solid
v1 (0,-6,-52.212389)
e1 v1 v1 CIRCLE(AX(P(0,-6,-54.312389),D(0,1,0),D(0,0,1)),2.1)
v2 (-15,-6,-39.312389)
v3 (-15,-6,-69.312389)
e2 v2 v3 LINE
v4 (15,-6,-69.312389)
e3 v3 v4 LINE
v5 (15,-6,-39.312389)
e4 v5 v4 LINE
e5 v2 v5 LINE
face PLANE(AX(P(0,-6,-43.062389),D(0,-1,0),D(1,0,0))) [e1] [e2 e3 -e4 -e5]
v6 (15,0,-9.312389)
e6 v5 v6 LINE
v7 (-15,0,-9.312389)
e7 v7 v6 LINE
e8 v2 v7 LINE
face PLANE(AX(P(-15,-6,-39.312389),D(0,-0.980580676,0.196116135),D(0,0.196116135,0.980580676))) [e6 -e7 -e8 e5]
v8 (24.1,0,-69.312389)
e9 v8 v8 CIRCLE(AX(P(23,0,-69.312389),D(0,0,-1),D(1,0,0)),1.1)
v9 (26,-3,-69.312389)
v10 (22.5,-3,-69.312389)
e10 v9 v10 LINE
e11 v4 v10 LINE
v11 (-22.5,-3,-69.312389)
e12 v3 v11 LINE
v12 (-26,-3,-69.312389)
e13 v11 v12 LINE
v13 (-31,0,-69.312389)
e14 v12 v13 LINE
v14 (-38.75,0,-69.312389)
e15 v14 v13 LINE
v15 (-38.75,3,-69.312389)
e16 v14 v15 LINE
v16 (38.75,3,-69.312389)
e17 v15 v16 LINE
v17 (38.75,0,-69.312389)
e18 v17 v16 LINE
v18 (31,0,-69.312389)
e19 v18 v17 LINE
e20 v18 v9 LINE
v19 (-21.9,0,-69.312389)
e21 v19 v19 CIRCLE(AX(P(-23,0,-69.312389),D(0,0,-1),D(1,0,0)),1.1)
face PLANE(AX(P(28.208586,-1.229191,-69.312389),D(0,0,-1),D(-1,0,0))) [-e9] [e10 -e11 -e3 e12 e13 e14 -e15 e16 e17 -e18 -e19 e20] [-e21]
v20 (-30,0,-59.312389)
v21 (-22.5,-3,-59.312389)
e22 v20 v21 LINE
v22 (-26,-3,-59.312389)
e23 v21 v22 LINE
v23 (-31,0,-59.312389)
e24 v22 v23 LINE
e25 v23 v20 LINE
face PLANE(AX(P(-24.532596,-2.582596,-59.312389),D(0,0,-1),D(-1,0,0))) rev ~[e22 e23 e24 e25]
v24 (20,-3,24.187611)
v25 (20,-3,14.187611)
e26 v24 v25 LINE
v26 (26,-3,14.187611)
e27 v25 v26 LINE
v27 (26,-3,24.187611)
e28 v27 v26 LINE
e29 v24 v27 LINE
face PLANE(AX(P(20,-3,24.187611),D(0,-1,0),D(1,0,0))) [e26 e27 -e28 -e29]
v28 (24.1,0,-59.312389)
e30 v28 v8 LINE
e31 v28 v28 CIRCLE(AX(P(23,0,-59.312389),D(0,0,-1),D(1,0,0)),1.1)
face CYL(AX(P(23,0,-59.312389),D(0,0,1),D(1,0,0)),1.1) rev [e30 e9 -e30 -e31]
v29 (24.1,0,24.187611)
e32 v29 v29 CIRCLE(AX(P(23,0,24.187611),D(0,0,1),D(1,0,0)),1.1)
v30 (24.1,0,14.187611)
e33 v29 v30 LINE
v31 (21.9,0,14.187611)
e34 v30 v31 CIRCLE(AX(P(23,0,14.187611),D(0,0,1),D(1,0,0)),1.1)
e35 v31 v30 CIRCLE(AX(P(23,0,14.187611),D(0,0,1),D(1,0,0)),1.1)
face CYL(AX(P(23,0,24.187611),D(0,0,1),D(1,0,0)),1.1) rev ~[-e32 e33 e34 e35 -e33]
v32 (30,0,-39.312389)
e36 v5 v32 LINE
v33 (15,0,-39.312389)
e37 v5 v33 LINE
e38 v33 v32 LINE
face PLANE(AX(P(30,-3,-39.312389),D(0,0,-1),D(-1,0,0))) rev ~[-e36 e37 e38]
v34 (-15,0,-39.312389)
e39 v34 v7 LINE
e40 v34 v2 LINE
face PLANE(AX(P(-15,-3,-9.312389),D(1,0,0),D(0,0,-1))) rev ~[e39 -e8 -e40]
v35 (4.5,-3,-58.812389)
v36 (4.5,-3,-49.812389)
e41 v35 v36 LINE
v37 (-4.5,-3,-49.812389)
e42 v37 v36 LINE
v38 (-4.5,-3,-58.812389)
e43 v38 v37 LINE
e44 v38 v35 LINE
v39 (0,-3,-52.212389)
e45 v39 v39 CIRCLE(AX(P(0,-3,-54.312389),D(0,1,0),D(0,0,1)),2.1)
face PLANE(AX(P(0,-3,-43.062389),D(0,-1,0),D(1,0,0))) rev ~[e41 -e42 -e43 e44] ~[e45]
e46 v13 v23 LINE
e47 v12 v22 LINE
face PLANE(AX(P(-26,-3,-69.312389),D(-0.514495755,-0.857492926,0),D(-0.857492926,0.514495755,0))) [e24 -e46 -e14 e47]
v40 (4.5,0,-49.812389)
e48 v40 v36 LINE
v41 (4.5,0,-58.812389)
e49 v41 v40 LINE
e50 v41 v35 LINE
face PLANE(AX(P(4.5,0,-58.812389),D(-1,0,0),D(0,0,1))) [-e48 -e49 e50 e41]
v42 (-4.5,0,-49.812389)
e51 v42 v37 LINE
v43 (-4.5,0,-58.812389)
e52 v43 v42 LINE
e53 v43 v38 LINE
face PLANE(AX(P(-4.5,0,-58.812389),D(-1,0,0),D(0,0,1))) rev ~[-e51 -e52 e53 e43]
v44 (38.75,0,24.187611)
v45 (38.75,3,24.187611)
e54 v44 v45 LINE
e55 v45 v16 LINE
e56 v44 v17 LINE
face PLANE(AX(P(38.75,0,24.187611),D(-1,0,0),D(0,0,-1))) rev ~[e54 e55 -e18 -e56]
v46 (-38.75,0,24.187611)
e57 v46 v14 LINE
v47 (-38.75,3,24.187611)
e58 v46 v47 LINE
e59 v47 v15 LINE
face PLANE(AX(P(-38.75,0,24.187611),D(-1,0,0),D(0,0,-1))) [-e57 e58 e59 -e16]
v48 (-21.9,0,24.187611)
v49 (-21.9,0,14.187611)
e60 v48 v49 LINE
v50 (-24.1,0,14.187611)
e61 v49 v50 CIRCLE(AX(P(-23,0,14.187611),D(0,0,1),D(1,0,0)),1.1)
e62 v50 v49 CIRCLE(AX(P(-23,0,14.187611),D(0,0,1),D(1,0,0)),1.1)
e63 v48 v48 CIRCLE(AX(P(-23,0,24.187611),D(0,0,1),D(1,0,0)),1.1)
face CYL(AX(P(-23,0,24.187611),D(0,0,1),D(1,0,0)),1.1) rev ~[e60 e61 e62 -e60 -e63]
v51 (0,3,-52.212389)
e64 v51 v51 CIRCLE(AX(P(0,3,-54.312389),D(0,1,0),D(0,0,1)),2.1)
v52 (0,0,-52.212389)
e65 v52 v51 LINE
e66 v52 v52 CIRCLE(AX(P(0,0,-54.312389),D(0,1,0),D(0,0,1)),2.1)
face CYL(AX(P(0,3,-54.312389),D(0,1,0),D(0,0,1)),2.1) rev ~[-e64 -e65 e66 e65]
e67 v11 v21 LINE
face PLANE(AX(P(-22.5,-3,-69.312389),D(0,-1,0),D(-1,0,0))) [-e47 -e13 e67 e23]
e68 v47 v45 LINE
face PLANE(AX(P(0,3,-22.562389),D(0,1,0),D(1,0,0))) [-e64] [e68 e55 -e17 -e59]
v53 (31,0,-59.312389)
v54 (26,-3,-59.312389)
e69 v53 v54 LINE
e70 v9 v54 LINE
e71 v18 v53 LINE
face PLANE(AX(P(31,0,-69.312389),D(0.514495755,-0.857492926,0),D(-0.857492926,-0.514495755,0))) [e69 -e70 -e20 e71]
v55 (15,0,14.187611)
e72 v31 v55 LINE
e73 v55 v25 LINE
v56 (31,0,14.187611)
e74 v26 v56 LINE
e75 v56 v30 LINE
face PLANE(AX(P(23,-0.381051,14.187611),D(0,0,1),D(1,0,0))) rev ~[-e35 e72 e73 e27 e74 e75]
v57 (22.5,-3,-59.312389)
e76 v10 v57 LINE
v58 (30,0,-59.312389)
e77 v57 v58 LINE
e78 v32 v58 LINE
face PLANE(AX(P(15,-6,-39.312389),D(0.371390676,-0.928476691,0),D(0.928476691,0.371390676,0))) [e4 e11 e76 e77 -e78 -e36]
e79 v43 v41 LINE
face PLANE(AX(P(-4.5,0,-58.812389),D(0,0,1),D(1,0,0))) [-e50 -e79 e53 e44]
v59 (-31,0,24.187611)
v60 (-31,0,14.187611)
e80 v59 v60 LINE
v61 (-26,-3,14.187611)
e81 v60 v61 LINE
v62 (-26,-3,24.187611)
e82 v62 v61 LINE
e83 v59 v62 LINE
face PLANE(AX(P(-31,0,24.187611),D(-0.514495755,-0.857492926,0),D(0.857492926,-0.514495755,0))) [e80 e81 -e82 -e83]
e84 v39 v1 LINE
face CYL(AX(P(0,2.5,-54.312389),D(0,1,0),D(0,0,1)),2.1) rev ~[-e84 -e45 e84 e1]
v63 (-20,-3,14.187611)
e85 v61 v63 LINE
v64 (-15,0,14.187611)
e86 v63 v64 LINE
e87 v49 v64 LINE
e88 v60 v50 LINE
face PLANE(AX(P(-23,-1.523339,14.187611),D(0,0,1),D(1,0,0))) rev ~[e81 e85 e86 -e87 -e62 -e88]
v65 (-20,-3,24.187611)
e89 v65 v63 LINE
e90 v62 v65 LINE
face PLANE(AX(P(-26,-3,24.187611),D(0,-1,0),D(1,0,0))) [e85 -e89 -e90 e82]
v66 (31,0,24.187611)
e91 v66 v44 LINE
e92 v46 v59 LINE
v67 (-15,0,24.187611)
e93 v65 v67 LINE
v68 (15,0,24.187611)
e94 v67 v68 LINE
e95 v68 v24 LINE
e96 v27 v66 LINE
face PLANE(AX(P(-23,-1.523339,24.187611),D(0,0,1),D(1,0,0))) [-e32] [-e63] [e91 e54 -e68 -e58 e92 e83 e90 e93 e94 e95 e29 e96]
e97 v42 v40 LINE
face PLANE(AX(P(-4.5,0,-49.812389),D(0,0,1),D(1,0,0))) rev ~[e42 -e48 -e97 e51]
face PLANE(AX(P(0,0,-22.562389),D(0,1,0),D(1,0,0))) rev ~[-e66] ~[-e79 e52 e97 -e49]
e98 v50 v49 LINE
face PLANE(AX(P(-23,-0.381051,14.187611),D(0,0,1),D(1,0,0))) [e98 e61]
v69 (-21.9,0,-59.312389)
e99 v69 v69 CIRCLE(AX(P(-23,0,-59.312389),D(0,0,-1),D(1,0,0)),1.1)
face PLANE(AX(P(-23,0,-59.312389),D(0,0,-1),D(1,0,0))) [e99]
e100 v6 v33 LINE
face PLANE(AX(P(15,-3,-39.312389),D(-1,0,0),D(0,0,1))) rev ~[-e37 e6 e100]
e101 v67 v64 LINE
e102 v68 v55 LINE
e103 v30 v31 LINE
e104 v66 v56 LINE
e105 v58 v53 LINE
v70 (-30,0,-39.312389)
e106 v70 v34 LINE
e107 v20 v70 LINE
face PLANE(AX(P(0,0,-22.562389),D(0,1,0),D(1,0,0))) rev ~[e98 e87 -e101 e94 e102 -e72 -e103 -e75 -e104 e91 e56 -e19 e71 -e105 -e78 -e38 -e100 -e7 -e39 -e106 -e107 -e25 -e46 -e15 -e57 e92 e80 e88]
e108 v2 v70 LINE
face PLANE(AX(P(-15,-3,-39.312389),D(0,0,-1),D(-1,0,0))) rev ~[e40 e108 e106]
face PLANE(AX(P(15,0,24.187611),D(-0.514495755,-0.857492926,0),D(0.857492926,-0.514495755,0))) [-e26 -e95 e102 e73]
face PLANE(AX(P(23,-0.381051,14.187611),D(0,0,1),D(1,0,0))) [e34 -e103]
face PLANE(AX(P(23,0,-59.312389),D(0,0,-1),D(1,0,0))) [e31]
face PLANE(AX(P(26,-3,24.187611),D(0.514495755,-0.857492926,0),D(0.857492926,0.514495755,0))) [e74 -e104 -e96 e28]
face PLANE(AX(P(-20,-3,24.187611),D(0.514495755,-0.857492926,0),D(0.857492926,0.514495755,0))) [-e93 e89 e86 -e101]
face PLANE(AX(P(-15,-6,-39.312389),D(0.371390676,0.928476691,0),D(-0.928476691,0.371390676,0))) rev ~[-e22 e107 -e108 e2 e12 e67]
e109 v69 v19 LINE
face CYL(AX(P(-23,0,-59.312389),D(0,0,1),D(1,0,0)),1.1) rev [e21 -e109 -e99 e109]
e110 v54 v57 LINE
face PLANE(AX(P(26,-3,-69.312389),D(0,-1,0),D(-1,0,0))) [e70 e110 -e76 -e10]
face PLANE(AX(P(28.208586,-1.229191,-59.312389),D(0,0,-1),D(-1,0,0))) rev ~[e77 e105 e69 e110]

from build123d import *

# Parameters (mm, degrees)
SZKIC15_W                    = 77.5
SZKIC15_H                    = 93.5
DODANIE_WYCI_GNI_CIE12_DEPTH = 3
SZKIC17_W                    = 9
SZKIC17_H                    = 9
DODANIE_WYCI_GNI_CIE15_DEPTH = 3
DODANIE_WYCI_GNI_CIE16_DEPTH = 3
SZKIC22_R                    = 2.1
WYTNIJ_WYCI_GNI_CIE10_DEPTH  = 0.5
DODANIE_WYCI_GNI_CIE17_DEPTH = 10
WYTNIJ_WYCI_GNI_CIE12_DEPTH  = 10
SZKIC29_R                    = 2.1
WYTNIJ_WYCI_GNI_CIE13_DEPTH  = 10
WYTNIJ_WYCI_GNI_CIE14_DEPTH  = 30
WYTNIJ_WYCI_GNI_CIE15_DEPTH  = 30
DODANIE_WYCI_GNI_CIE18_DEPTH = 10
WYTNIJ_WYCI_GNI_CIE16_START  = -10
SZKIC32_3_R                  = 1.1
WYTNIJ_WYCI_GNI_CIE16_DEPTH  = 10


with BuildPart() as part:
    # Szkic15 → Dodanie-wyciągnięcie12 (new body)
    with BuildSketch(Plane(origin=(0, 0, 0), x_dir=(1, 0, 0), z_dir=(0, 1, 0))):
        with Locations((0, 22.56238879)):
            Rectangle(SZKIC15_W, SZKIC15_H)
    extrude(amount=DODANIE_WYCI_GNI_CIE12_DEPTH)

    # Szkic17 → Dodanie-wyciągnięcie15 (add)
    with BuildSketch(Plane.XZ):
        Polygon((-15, -9.31238879), (15, -9.31238879), (15, -39.31238879), (30, -39.31238879), (30, -69.31238879), (15, -69.31238879), (-18.132258098, -69.31238879), (-30, -69.31238879), (-30, -39.31238879), (-15, -39.31238879), align=None)
        with Locations((0, -54.31238879)):
            Rectangle(SZKIC17_W, SZKIC17_H, mode=Mode.SUBTRACT)
    extrude(amount=DODANIE_WYCI_GNI_CIE15_DEPTH)

    # Szkic18 → Dodanie-wyciągnięcie16 (add)
    with BuildSketch(Plane.XZ.offset(3)):
        Polygon((-15, -9.31238879), (-15, -39.31238879), (-30, -39.31238879), (-30, -69.31238879), (30, -69.31238879), (30, -39.31238879), (15, -39.31238879), (15, -9.31238879), align=None)
    extrude(amount=DODANIE_WYCI_GNI_CIE16_DEPTH)

    # Szkic22 → Wytnij-wyciągnięcie10 (cut)
    with BuildSketch(Plane(origin=(0, 3, 0), x_dir=(1, 0, 0), z_dir=(0, 1, 0))):
        with Locations(Location((0, 54.31238879, 0), (0, 0, 270))):
            Circle(SZKIC22_R)
    extrude(amount=-WYTNIJ_WYCI_GNI_CIE10_DEPTH, mode=Mode.SUBTRACT)

    # Szkic27 → Dodanie-wyciągnięcie17 (add)
    with BuildSketch(Plane.XY.offset(24.18761121)):
        with BuildLine():
            Line((-24.1, 0), (-26, 0))
            Line((-26, 0), (-26, -3))
            Line((-26, -3), (-20, -3))
            Line((-20, -3), (-20, 0))
            Line((-20, 0), (-21.9, 0))
            ThreePointArc((-21.9, 0), (-23, -1.1), (-24.1, 0))
        make_face()
        with BuildLine():
            Line((-21.9, 0), (-24.1, 0))
            ThreePointArc((-24.1, 0), (-23, -1.1), (-21.9, 0))
        make_face()
        with BuildLine():
            ThreePointArc((-21.9, 0), (-23, 1.1), (-24.1, 0))
            Line((-24.1, 0), (-21.9, 0))
        make_face()
        with BuildLine():
            Line((24.1, 0), (21.9, 0))
            ThreePointArc((21.9, 0), (23, -1.1), (24.1, 0))
        make_face()
        with BuildLine():
            ThreePointArc((24.1, 0), (23, 1.1), (21.9, 0))
            Line((21.9, 0), (24.1, 0))
        make_face()
        with BuildLine():
            Line((20, 0), (20, -3))
            Line((20, -3), (26, -3))
            Line((26, -3), (26, 0))
            Line((26, 0), (24.1, 0))
            ThreePointArc((24.1, 0), (23, -1.1), (21.9, 0))
            Line((21.9, 0), (20, 0))
        make_face()
        Polygon((-26, -3), (-26, 0), (-31, 0), align=None)
        Polygon((-15, 0), (-20, 0), (-20, -3), align=None)
        Polygon((20, 0), (15, 0), (20, -3), align=None)
        Polygon((26, 0), (26, -3), (31, 0), align=None)
    extrude(amount=-DODANIE_WYCI_GNI_CIE17_DEPTH)

    # Szkic27<5> → Wytnij-wyciągnięcie12 (cut)
    with BuildSketch(Plane.XY.offset(24.18761121)):
        with BuildLine():
            Line((-21.9, 0), (-24.1, 0))
            ThreePointArc((-24.1, 0), (-23, -1.1), (-21.9, 0))
        make_face()
        with BuildLine():
            ThreePointArc((-21.9, 0), (-23, 1.1), (-24.1, 0))
            Line((-24.1, 0), (-21.9, 0))
        make_face()
        with BuildLine():
            Line((24.1, 0), (21.9, 0))
            ThreePointArc((21.9, 0), (23, -1.1), (24.1, 0))
        make_face()
        with BuildLine():
            ThreePointArc((24.1, 0), (23, 1.1), (21.9, 0))
            Line((21.9, 0), (24.1, 0))
        make_face()
    extrude(amount=-WYTNIJ_WYCI_GNI_CIE12_DEPTH, mode=Mode.SUBTRACT)

    # Szkic29 → Wytnij-wyciągnięcie13 (cut)
    with BuildSketch(Plane(origin=(0, 2.5, 0), x_dir=(1, 0, 0), z_dir=(0, 1, 0))):
        with Locations(Location((0, 54.31238879, 0), (0, 0, 270))):
            Circle(SZKIC29_R)
    extrude(amount=-WYTNIJ_WYCI_GNI_CIE13_DEPTH, mode=Mode.SUBTRACT)

    # Szkic30 → Wytnij-wyciągnięcie14 (cut)
    with BuildSketch(Plane.XY.offset(-39.31238879)):
        Polygon((15, -6), (30, 0), (30, -6), align=None)
        Polygon((-15, -6), (-30, 0), (-30, -6), align=None)
    extrude(amount=-WYTNIJ_WYCI_GNI_CIE14_DEPTH, mode=Mode.SUBTRACT)

    # Szkic31 → Wytnij-wyciągnięcie15 (cut)
    with BuildSketch(Plane.ZY.offset(15)):
        Polygon((-39.31238879, -6), (-9.31238879, 0), (-9.31238879, -6), align=None)
    extrude(amount=-WYTNIJ_WYCI_GNI_CIE15_DEPTH, mode=Mode.SUBTRACT)

    # Szkic32 → Dodanie-wyciągnięcie18 (add)
    with BuildSketch(Plane(origin=(0, 0, -69.31238879), x_dir=(-1, 0, 0), z_dir=(0, 0, -1))):
        Polygon((-31, 0), (-26, -3), (-26, -1.6), (-30, 0), align=None)
        Polygon((-26, -3), (-22.5, -3), (-26, -1.6), align=None)
        Polygon((22.5, -3), (26, -3), (26, -1.6), align=None)
        Polygon((26, -1.6), (26, -3), (31, 0), (30, 0), align=None)
    extrude(amount=-DODANIE_WYCI_GNI_CIE18_DEPTH)

    # Szkic32<3> → Wytnij-wyciągnięcie16 (cut)
    with BuildSketch(Plane(origin=(0, 0, -69.31238879), x_dir=(-1, 0, 0), z_dir=(0, 0, -1)).offset(WYTNIJ_WYCI_GNI_CIE16_START)):
        with Locations(Location((-23, 0, 0), (0, 0, 180))):
            Circle(SZKIC32_3_R)
        with Locations(Location((23, 0, 0), (0, 0, 180))):
            Circle(SZKIC32_3_R)
    extrude(amount=WYTNIJ_WYCI_GNI_CIE16_DEPTH, mode=Mode.SUBTRACT)


solid = part.part
